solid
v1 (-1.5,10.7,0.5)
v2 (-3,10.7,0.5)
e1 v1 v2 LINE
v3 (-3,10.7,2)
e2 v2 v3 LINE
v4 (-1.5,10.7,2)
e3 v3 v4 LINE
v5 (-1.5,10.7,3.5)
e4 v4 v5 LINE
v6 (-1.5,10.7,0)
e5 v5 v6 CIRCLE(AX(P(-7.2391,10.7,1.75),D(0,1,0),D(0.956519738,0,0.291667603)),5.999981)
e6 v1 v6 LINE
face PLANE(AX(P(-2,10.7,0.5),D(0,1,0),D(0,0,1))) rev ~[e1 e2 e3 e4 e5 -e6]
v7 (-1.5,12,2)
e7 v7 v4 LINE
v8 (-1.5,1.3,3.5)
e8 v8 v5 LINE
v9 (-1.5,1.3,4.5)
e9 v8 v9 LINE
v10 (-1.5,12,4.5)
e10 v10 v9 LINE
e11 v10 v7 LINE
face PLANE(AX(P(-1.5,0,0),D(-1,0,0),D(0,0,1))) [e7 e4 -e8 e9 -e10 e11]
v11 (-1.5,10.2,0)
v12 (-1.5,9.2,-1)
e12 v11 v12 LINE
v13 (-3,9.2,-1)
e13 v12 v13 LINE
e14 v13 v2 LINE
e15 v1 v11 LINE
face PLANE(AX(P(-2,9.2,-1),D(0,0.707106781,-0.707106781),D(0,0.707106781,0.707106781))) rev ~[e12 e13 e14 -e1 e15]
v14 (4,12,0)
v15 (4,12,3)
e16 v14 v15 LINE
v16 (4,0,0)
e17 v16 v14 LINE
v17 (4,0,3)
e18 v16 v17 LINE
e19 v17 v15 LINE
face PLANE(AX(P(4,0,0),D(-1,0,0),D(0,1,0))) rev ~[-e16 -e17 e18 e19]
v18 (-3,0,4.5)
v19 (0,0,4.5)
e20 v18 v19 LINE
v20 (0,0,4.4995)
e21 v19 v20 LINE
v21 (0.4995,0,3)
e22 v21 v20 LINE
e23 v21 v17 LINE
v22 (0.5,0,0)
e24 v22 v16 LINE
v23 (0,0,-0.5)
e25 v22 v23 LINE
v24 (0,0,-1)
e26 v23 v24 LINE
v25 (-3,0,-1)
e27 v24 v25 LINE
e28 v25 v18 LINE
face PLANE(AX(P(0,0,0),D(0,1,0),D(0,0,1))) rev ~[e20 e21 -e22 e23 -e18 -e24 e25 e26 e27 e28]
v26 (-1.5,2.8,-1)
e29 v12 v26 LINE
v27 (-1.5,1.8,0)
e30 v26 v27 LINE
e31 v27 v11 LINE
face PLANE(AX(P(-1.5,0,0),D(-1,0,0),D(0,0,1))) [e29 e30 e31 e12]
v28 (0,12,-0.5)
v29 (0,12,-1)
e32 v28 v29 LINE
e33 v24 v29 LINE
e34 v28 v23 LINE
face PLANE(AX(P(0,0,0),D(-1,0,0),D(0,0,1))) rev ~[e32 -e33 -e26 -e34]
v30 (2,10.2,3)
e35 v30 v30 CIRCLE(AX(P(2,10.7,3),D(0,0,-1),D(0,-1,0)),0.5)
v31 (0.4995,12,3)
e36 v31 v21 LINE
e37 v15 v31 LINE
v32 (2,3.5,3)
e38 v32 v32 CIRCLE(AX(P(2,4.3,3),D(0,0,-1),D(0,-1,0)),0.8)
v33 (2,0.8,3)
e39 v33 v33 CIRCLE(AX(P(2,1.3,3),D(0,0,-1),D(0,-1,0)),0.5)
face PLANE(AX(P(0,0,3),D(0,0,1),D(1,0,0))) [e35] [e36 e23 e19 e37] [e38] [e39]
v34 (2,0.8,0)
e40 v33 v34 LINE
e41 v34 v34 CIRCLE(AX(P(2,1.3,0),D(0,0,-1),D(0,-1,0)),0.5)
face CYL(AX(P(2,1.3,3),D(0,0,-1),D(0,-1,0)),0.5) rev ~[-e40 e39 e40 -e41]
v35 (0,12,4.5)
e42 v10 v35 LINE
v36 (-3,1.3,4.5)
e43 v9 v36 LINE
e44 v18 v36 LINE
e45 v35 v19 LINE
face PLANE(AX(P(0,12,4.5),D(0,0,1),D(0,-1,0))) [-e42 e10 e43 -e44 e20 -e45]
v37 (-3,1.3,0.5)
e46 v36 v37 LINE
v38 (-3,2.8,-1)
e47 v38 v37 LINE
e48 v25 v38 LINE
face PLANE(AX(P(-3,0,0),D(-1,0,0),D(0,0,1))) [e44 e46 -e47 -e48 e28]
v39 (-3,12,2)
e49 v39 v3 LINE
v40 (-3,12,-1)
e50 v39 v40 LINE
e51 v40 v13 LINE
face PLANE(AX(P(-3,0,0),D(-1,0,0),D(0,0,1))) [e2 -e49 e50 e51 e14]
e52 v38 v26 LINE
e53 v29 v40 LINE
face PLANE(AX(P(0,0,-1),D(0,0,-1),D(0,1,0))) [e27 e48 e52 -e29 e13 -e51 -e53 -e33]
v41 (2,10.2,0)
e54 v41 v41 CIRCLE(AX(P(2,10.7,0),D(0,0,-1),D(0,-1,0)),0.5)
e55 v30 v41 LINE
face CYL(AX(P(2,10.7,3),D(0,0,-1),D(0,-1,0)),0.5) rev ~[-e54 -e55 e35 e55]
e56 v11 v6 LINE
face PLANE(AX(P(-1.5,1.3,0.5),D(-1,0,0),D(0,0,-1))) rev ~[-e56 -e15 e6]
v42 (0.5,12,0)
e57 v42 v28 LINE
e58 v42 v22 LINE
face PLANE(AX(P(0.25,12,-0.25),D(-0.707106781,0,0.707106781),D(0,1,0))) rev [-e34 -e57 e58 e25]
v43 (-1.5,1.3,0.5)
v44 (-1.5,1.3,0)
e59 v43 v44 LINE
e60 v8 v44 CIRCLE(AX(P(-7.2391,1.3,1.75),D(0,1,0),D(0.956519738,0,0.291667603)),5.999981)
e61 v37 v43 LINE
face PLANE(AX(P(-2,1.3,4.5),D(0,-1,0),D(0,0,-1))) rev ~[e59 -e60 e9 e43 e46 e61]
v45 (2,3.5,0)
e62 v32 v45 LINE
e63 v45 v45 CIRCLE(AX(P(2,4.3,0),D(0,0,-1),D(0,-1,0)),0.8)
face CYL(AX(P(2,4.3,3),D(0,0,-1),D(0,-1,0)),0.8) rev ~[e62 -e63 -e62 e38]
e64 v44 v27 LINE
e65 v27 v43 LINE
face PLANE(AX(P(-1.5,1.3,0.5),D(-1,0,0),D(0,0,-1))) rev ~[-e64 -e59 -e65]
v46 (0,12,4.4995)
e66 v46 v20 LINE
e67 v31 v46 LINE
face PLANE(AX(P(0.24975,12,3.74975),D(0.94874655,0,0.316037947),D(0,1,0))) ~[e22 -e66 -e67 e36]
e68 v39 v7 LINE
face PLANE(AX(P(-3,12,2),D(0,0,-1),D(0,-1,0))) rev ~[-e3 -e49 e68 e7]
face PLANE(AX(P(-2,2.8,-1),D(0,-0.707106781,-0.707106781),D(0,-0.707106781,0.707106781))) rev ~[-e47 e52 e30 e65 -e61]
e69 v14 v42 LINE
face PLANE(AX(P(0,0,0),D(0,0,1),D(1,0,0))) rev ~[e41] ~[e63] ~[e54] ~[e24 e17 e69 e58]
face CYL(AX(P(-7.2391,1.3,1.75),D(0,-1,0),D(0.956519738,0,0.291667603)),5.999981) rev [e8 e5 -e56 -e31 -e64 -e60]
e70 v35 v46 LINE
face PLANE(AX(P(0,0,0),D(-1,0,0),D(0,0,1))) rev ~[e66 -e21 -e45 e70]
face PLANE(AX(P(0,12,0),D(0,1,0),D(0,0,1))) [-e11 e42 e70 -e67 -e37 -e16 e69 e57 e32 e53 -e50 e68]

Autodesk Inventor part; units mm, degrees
ref_plane "YZ Plane" through (0, 0, 0) normal (1, 0, 0) x (0, 1, 0)
ref_plane "XZ Plane" through (0, 0, 0) normal (0, 1, 0) x (-1, 0, 0)
ref_plane "XY Plane" through (0, 0, 0) normal (0, 0, 1) x (1, 0, 0)
sketch "스케치1" plane through (0, 0, 0) normal (0, 0, 1) x (1, 0, 0)
  line L0 (0, 0) -> (4, 0)
  line L1 (4, 0) -> (4, 12)
  line L2 (4, 12) -> (0, 12)
  line L3 (0, 12) -> (0, 0)
  dimension "d0" = 4
  dimension "d1" = 12
extrude "돌출1" add sketch "스케치1" along normal blind 3
sketch "스케치2" plane through (0, 0, 3) normal (0, 0, 1) x (1, 0, 0)
  line L0 (4, 12) -> (0, 12) construction
  line L1 (2, 12) -> (2, 0) construction
  line L2 (0, 0) -> (4, 0) construction
  line L3 (4, 0) -> (4, 12) projected
  line L4 (0, 12) -> (0, 0) projected
  point P0 (2, 7.7)
  point P1 (2, 4.3)
  point P2 (2, 1.3)
  point P3 (2, 10.7)
  dimension "d9" = 4.3
  dimension "d45" = 1.3
  dimension "d51" = 3.4
  dimension "d52" = 3
  dimension "d55" = 1.3
hole "구멍2" at (2, 4.3, 3) direction (0, 0, -1) diameter 1.6 end through all
hole "구멍3" at (2, 1.3, 3) at (2, 10.7, 3) direction (0, 0, -1) diameter 1 end through all
sketch "스케치5" plane through (0, 0, 0) normal (-1, 0, 0) x (0, 0, 1)
  line L0 (0, 12) -> (0, 0) projected
  line L1 (0, 0) -> (3, 0) projected
  line L2 (3, 12) -> (3, 0) projected
  line L3 (0, 12) -> (3, 12) projected
  line L4 (-1, 12) -> (4.5, 12)
  line L5 (4.5, 12) -> (4.5, 0)
  line L6 (4.5, 0) -> (-1, 0)
  line L7 (-1, 0) -> (-1, 12)
  line L8 (0, 0) -> (3, 0) projected
  dimension "d62" = 4.5
  dimension "d71" = 1
extrude "돌출5" add sketch "스케치5" along normal blind 2
sketch "스케치6" plane through (-2, 0, 0) normal (-1, 0, 0) x (0, 0, 1)
  line L0 (4.5, 0) -> (4.5, 12) projected
  line L1 (-1, 12) -> (-1, 0) projected
  line L2 (-1, 0) -> (4.5, 0) projected
  line L3 (4.5, 0) -> (4.5, 12) projected
  line L4 (4.5, 12) -> (-1, 12)
  line L5 (-1, 12) -> (-1, 10.7)
  line L6 (-1, 10.7) -> (4.5, 10.7)
  line L7 (4.5, 10.7) -> (4.5, 12)
  line L8 (-1, 12) -> (-1, 0) projected
  line L9 (-1, 0) -> (4.5, 0)
  line L10 (4.5, 0) -> (4.5, 1.3)
  line L11 (4.5, 1.3) -> (-1, 1.3)
  line L12 (-1, 1.3) -> (-1, 0)
  line L13 (-1, 12) -> (-1, 0) projected
  line L14 (-1, 9.2) -> (0.5, 10.7)
  line L15 (-1, 2.8) -> (0.5, 1.3)
  line L16 (4.5, 12) -> (-1, 12) projected
  point P0 (-1, 1.3)
  point P1 (4.5, 10.7)
  point P2 (-1, 12)
  dimension "d72" = 9.4
  dimension "d74" = 1.3
  dimension "d78" = 1.5
  dimension "d79" = 45
  dimension "d80" = 45
extrude "돌출6" add sketch "스케치6" along normal blind 1 contours L2 L1 L11 L0 | L6 L1 L4 L0 | L11 L1 L15 | L14 L1 L6
chamfer "모따기2" distance 0.5 angle 45 1 edges at (0, 6, 0)
sketch "스케치7" plane through (-2, 0, 0) normal (-1, 0, 0) x (0, 0, 1)
  line L0 (-1, 2.8) -> (0.5, 1.3) projected
  line L1 (0.5, 1.3) -> (4.5, 1.3) projected
  line L2 (4.5, 1.3) -> (4.5, 10.7) projected
  line L3 (4.5, 10.7) -> (0.5, 10.7) projected
  line L4 (0.5, 10.7) -> (-1, 9.2) projected
  line L5 (-1, 9.2) -> (-1, 2.8) projected
extrude "돌출7" cut sketch "스케치7" against normal blind 0.5
sketch "스케치8" plane through (-3, 1.3, 4.5) normal (0, 1, 0) x (1, 0, 0)
  line L0 (1.5, 4) -> (1.5, 0) projected
  arc A0 (1.5, 1) -> (1.5, 4.5) centre (-4.2391, 2.75) ccw
  line L1 (7, 4.5) -> (3.5, 4.5) projected
  line L2 (3, 5) -> (3.5, 4.5) projected
  line L3 (3, 5.5) -> (0, 5.5) projected
  line L4 (3, 0) -> (0, 0) projected
  line L5 (7, 1.5) -> (3, 1.5) projected
  line L6 (7, 4.5) -> (7, 1.5) projected
  line L7 (1.5, 1) -> (1.5, 4.5)
  line L8 (1.5, 4) -> (1.5, 5.5) projected
  line L9 (0, 0) -> (0, 5.5) projected
  line L10 (3, 5) -> (3, 5.5) projected
  line L11 (3, 0) -> (3, 1.5) projected
  point P0 (3, 4.5)
  point P1 (1.5, 4)
  dimension "d84" = 6
extrude "돌출8" cut sketch "스케치8" along normal up to surface (9.4 mm away) contours L7 A0 L0
chamfer "모따기3" distance 0.5 distance2 1.5 1 edges at (0, 6, 3) measured on face at (3.5981, 5.4655, 3)
sketch "스케치9" plane through (-3, 0, 0) normal (-1, 0, 0) x (0, 0, 1)
  line L0 (-1, 12) -> (-1, 9.2) projected
  line L1 (-1, 9.2) -> (0.5, 10.7) projected
  line L2 (0.5, 10.7) -> (4.5, 10.7) projected
  line L3 (4.5, 0) -> (4.5, 1.3) projected
  line L4 (2, 12) -> (2, 10.7)
  line L5 (0.5, 10.7) -> (4.5, 10.7) projected
  line L6 (-1, 0) -> (4.5, 0) projected
  line L7 (4.5, 1.3) -> (0.5, 1.3) projected
  line L8 (0.5, 1.3) -> (-1, 2.8) projected
  line L9 (-1, 2.8) -> (-1, 0) projected
  line L10 (4.5, 12) -> (-1, 12) projected
  line L11 (4.5, 10.7) -> (4.5, 12) projected
  point P0 (0, 0)
  dimension "d91" = 2.5
extrude "돌출9" cut sketch "스케치9" against normal up to surface (1.5 mm away) contours L10 L11 L2 L4
equation "\"d80\" = d79"
equation "\"G23_M\" = 0.67"
equation "\"G23_F\" = 0.65"
properties part number "Top" material "유리"
